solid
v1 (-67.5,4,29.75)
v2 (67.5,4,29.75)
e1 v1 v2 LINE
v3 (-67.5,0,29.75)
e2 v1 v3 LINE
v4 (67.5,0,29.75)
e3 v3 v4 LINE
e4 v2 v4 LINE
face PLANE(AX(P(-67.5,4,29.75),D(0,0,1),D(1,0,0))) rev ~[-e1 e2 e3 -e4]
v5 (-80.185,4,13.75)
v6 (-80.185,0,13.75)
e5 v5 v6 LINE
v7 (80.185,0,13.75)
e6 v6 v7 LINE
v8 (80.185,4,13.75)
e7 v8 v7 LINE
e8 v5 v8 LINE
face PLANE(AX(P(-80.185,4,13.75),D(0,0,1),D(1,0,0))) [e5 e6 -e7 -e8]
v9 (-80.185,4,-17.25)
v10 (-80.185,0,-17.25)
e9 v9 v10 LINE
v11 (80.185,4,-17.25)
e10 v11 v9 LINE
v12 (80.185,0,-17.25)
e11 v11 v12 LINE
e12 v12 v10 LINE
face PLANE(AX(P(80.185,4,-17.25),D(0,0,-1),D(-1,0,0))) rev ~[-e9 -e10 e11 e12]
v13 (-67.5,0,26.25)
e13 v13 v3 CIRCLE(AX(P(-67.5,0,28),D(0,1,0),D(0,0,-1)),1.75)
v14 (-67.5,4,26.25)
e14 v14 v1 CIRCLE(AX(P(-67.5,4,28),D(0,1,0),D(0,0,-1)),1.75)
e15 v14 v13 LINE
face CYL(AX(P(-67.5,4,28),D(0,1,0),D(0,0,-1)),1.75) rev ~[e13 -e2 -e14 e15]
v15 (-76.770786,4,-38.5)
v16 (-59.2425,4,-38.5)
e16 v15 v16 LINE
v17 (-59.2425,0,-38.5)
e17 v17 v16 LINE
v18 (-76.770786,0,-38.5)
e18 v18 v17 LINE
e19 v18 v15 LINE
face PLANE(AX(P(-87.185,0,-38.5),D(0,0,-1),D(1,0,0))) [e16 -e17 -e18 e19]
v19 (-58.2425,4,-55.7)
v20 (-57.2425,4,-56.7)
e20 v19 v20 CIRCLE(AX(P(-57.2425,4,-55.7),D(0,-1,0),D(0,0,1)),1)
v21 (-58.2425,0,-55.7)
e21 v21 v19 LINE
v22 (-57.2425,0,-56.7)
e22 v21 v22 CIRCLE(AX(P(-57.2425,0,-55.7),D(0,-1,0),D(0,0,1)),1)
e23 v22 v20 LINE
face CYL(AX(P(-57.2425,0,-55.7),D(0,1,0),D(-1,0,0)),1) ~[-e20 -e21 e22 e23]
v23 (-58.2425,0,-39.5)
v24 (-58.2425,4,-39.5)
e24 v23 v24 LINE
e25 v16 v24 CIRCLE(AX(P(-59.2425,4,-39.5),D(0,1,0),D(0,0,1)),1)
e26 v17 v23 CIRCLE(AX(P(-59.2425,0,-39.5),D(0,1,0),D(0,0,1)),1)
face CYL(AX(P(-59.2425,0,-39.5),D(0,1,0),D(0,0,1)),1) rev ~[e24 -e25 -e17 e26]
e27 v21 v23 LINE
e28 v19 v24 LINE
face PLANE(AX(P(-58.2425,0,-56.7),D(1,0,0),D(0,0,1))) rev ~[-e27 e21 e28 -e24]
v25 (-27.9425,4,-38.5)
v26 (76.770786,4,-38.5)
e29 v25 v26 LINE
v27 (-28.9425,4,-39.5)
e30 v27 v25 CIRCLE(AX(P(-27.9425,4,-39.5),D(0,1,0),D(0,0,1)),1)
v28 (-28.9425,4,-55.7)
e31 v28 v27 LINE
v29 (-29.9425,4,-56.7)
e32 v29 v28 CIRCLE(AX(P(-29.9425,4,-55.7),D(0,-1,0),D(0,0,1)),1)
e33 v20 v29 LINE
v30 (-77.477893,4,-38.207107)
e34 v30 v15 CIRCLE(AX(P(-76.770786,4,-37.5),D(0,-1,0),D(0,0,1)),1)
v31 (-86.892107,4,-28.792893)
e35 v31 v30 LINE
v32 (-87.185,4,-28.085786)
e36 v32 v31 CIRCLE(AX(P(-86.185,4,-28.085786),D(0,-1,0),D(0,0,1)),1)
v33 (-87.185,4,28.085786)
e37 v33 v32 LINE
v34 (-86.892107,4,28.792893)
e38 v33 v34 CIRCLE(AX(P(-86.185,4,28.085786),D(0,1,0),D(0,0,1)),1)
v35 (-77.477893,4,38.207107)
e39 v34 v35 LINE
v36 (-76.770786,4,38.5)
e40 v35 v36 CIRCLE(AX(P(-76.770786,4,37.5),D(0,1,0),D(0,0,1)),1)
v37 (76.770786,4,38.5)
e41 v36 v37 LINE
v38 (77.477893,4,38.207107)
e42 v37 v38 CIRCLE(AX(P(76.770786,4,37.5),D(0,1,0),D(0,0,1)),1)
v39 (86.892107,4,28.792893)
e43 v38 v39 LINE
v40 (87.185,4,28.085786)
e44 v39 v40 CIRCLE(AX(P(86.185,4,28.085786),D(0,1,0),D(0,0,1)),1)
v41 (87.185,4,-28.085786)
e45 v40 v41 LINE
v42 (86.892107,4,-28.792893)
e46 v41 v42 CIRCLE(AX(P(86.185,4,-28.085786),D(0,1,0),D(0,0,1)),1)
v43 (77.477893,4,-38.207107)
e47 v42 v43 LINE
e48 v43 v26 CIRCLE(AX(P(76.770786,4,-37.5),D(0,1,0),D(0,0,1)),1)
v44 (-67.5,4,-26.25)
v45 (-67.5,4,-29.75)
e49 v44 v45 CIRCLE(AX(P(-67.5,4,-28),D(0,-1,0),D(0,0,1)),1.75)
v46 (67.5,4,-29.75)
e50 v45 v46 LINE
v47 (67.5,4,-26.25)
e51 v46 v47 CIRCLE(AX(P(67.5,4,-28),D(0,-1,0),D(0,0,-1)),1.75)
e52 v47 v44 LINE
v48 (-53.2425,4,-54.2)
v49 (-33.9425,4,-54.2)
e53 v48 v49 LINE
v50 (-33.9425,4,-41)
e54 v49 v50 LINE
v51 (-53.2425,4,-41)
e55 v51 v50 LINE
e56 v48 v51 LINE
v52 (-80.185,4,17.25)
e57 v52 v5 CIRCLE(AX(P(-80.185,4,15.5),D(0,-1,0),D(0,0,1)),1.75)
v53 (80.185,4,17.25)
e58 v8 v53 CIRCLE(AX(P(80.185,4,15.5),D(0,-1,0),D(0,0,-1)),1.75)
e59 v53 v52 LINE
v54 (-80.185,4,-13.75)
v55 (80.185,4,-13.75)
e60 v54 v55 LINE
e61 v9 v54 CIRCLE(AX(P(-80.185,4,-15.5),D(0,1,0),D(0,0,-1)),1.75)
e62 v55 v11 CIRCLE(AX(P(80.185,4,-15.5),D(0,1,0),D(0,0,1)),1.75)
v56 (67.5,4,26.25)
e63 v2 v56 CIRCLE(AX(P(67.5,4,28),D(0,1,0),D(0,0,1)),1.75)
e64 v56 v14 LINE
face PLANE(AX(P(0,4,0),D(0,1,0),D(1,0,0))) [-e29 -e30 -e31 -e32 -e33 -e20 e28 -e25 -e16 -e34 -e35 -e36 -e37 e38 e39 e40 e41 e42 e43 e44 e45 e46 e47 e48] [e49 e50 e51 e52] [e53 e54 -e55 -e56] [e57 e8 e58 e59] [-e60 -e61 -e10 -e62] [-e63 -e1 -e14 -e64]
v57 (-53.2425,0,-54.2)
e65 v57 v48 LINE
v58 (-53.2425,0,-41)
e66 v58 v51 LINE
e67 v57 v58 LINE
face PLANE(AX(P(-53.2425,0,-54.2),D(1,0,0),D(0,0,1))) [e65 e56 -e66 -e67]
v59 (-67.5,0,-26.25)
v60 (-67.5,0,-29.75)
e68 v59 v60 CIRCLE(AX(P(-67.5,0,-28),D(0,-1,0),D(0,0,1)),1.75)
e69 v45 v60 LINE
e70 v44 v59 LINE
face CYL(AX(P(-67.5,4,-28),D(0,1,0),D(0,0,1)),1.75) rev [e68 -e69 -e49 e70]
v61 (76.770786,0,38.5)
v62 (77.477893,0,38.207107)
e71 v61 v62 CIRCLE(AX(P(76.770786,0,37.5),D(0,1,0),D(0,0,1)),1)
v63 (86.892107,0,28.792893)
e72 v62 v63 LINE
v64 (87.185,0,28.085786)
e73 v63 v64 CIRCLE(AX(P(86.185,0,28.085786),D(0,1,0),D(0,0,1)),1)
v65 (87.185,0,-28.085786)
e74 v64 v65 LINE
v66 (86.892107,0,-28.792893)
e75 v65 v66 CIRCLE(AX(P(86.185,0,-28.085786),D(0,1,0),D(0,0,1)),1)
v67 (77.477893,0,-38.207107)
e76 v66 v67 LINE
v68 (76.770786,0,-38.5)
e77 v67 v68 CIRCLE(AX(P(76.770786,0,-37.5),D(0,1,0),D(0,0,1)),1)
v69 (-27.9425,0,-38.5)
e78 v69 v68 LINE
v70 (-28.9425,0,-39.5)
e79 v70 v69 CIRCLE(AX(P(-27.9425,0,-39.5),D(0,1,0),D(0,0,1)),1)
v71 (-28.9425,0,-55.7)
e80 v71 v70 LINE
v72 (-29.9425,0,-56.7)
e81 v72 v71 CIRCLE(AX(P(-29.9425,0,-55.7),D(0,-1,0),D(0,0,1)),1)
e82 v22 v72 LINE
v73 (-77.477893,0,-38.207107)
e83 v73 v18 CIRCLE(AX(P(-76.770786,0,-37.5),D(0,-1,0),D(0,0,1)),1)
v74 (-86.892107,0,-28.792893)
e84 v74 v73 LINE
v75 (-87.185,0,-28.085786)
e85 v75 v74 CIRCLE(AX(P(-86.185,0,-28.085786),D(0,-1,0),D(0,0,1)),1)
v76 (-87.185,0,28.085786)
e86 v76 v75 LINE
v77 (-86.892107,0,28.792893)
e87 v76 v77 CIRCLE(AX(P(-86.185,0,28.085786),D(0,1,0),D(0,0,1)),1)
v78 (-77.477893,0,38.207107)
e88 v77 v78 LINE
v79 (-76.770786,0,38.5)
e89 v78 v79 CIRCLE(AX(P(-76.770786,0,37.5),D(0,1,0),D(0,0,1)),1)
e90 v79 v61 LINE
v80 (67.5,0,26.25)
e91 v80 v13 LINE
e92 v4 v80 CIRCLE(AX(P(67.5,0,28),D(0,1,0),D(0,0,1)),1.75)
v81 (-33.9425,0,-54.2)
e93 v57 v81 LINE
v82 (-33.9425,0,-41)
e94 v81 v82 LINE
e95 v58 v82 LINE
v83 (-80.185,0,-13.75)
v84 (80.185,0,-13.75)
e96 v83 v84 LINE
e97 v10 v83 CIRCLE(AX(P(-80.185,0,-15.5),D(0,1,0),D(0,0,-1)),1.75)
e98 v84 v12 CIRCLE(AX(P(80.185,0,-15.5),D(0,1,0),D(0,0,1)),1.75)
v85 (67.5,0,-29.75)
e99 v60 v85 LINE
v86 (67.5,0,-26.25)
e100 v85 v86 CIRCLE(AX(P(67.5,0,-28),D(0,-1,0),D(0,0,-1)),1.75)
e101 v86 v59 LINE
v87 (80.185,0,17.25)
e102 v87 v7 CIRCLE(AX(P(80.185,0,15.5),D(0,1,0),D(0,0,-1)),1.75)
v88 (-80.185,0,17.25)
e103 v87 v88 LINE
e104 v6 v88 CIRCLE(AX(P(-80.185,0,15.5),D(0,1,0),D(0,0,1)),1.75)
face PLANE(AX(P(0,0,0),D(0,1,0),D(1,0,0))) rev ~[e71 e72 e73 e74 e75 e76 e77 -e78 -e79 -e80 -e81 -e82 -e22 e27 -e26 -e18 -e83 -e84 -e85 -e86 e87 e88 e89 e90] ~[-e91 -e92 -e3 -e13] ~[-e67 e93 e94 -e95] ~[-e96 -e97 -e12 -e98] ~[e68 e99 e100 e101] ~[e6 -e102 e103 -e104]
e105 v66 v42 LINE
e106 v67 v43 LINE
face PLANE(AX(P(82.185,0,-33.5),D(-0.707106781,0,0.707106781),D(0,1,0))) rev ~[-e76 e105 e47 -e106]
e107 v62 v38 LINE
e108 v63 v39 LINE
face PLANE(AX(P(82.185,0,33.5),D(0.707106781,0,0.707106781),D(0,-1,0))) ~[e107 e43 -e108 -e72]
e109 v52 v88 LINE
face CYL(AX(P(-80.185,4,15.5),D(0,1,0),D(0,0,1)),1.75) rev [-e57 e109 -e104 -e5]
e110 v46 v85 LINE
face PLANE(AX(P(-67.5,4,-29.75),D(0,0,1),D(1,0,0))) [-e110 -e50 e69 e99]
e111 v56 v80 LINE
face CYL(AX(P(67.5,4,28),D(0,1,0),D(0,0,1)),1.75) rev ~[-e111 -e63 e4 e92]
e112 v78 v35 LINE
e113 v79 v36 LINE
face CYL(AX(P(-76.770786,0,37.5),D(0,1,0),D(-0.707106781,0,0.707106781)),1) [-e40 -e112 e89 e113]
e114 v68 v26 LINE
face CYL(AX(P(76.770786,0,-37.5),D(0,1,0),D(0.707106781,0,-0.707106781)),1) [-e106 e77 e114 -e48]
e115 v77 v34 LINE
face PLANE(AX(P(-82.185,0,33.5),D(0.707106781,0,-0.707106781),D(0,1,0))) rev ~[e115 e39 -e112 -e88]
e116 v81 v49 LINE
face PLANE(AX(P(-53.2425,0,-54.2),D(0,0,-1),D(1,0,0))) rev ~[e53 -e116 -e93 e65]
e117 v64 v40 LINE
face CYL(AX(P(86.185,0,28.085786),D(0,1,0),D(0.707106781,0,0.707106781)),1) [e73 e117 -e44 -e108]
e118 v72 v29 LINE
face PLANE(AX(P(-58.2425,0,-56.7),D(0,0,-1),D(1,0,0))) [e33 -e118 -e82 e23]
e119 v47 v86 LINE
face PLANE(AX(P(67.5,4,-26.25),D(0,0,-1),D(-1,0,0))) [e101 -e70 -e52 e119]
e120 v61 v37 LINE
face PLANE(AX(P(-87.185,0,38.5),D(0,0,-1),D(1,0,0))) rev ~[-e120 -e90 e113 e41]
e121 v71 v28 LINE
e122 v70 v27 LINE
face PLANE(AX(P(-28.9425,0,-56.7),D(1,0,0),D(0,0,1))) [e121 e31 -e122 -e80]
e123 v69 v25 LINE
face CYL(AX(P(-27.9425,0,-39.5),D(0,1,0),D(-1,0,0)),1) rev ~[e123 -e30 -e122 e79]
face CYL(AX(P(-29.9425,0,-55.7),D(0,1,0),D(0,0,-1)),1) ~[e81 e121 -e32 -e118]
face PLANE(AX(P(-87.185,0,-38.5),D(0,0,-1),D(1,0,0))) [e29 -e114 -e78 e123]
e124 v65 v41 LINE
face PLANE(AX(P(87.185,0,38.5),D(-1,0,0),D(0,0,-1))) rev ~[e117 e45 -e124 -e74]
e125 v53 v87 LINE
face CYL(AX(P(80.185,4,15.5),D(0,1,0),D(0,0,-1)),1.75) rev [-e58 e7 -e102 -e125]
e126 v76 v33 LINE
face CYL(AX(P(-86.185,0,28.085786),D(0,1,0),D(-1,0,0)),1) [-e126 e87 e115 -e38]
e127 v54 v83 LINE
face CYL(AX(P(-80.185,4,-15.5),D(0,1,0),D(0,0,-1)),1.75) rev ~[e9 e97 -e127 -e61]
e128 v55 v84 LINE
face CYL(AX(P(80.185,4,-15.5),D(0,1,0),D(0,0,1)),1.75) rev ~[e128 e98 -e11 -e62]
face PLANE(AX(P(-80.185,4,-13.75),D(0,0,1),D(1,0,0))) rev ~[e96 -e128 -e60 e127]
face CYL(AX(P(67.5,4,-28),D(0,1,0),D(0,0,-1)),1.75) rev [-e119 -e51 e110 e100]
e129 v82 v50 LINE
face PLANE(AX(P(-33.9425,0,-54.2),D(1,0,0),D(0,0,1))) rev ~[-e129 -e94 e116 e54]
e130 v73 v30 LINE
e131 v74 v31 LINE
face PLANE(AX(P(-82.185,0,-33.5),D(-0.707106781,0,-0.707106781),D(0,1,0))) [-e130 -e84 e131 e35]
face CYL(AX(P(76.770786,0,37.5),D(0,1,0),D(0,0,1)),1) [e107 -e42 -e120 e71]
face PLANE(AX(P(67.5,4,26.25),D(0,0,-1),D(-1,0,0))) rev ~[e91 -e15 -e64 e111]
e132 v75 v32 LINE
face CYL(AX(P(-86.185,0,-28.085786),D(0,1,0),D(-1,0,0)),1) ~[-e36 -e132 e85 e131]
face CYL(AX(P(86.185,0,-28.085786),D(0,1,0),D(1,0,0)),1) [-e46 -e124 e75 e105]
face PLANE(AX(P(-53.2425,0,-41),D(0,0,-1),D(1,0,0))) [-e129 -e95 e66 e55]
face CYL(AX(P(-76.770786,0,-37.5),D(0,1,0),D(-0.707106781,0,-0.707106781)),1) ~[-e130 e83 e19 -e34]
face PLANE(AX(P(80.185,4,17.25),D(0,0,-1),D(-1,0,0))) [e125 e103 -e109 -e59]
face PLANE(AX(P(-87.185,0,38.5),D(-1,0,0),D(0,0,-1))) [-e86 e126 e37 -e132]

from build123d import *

# Parameters (mm, degrees)
SKETCH2_W           = 174.37
SKETCH2_H           = 77
BOSS_EXTRUDE1_DEPTH = 4
CUT_EXTRUDE1_DEPTH  = 4
SKETCH4_W           = 29.3
SKETCH4_H           = 18.2
SKETCH4_W_2         = 19.3
SKETCH4_H_2         = 13.2
BOSS_EXTRUDE2_DEPTH = 4
CHAMFER1_SIZE       = 10
FILLET1_R           = 1
CUT_EXTRUDE2_DEPTH  = 10


with BuildPart() as part:
    # Sketch2 → Boss-Extrude1 (new body)
    with BuildSketch(Plane(origin=(0, 0, 0), x_dir=(1, 0, 0), z_dir=(0, 1, 0))):
        Rectangle(SKETCH2_W, SKETCH2_H)
    extrude(amount=BOSS_EXTRUDE1_DEPTH)

    # Sketch3 → Cut-Extrude1 (cut)
    with BuildSketch(Plane(origin=(0, 4, 0), x_dir=(1, 0, 0), z_dir=(0, 1, 0))):
        with BuildLine():
            Line((-67.5, 29.75), (67.5, 29.75))
            ThreePointArc((67.5, 29.75), (69.25, 28), (67.5, 26.25))
            Line((67.5, 26.25), (-67.5, 26.25))
            ThreePointArc((-67.5, 26.25), (-69.25, 28), (-67.5, 29.75))
        make_face()
        with BuildLine():
            Line((-67.5, -29.75), (67.5, -29.75))
            ThreePointArc((67.5, -29.75), (69.25, -28), (67.5, -26.25))
            Line((67.5, -26.25), (-67.5, -26.25))
            ThreePointArc((-67.5, -26.25), (-69.25, -28), (-67.5, -29.75))
        make_face()
    extrude(amount=-CUT_EXTRUDE1_DEPTH, mode=Mode.SUBTRACT)

    # Sketch4 → Boss-Extrude2 (add)
    with BuildSketch(Plane.XZ):
        with Locations((-43.5925, -47.6)):
            Rectangle(SKETCH4_W, SKETCH4_H)
        with Locations((-43.5925, -47.6)):
            Rectangle(SKETCH4_W_2, SKETCH4_H_2, mode=Mode.SUBTRACT)
    extrude(amount=-BOSS_EXTRUDE2_DEPTH)

    # Chamfer1
    chamfer1_edges = [part.edges().sort_by_distance(p)[0] for p in [
        (-87.185, 2, -38.5),
        (87.185, 2, -38.5),
        (87.185, 2, 38.5),
        (-87.185, 2, 38.5),
    ]]
    chamfer(chamfer1_edges, length=CHAMFER1_SIZE)

    # Fillet1
    fillet1_edges = [part.edges().sort_by_distance(p)[0] for p in [
        (-58.2425, 2, -56.7),
        (-58.2425, 2, -38.5),
        (-28.9425, 2, -38.5),
        (-28.9425, 2, -56.7),
        (-87.185, 2, 28.5),
        (-87.185, 2, -28.5),
        (-77.185, 2, -38.5),
        (77.185, 2, -38.5),
        (87.185, 2, 28.5),
        (87.185, 2, -28.5),
        (-77.185, 2, 38.5),
        (77.185, 2, 38.5),
    ]]
    fillet(fillet1_edges, radius=FILLET1_R)

    # Sketch5 → Cut-Extrude2 (cut)
    with BuildSketch(Plane(origin=(0, 4, 0), x_dir=(1, 0, 0), z_dir=(0, 1, 0))):
        with BuildLine():
            Line((-80.185, 13.75), (80.185, 13.75))
            ThreePointArc((80.185, 13.75), (81.935, 15.5), (80.185, 17.25))
            Line((80.185, 17.25), (-80.185, 17.25))
            ThreePointArc((-80.185, 17.25), (-81.935, 15.5), (-80.185, 13.75))
        make_face()
        with BuildLine():
            Line((80.185, -17.25), (-80.185, -17.25))
            ThreePointArc((-80.185, -17.25), (-81.935, -15.5), (-80.185, -13.75))
            Line((-80.185, -13.75), (80.185, -13.75))
            ThreePointArc((80.185, -13.75), (81.935, -15.5), (80.185, -17.25))
        make_face()
    extrude(amount=-CUT_EXTRUDE2_DEPTH, mode=Mode.SUBTRACT)


solid = part.part
